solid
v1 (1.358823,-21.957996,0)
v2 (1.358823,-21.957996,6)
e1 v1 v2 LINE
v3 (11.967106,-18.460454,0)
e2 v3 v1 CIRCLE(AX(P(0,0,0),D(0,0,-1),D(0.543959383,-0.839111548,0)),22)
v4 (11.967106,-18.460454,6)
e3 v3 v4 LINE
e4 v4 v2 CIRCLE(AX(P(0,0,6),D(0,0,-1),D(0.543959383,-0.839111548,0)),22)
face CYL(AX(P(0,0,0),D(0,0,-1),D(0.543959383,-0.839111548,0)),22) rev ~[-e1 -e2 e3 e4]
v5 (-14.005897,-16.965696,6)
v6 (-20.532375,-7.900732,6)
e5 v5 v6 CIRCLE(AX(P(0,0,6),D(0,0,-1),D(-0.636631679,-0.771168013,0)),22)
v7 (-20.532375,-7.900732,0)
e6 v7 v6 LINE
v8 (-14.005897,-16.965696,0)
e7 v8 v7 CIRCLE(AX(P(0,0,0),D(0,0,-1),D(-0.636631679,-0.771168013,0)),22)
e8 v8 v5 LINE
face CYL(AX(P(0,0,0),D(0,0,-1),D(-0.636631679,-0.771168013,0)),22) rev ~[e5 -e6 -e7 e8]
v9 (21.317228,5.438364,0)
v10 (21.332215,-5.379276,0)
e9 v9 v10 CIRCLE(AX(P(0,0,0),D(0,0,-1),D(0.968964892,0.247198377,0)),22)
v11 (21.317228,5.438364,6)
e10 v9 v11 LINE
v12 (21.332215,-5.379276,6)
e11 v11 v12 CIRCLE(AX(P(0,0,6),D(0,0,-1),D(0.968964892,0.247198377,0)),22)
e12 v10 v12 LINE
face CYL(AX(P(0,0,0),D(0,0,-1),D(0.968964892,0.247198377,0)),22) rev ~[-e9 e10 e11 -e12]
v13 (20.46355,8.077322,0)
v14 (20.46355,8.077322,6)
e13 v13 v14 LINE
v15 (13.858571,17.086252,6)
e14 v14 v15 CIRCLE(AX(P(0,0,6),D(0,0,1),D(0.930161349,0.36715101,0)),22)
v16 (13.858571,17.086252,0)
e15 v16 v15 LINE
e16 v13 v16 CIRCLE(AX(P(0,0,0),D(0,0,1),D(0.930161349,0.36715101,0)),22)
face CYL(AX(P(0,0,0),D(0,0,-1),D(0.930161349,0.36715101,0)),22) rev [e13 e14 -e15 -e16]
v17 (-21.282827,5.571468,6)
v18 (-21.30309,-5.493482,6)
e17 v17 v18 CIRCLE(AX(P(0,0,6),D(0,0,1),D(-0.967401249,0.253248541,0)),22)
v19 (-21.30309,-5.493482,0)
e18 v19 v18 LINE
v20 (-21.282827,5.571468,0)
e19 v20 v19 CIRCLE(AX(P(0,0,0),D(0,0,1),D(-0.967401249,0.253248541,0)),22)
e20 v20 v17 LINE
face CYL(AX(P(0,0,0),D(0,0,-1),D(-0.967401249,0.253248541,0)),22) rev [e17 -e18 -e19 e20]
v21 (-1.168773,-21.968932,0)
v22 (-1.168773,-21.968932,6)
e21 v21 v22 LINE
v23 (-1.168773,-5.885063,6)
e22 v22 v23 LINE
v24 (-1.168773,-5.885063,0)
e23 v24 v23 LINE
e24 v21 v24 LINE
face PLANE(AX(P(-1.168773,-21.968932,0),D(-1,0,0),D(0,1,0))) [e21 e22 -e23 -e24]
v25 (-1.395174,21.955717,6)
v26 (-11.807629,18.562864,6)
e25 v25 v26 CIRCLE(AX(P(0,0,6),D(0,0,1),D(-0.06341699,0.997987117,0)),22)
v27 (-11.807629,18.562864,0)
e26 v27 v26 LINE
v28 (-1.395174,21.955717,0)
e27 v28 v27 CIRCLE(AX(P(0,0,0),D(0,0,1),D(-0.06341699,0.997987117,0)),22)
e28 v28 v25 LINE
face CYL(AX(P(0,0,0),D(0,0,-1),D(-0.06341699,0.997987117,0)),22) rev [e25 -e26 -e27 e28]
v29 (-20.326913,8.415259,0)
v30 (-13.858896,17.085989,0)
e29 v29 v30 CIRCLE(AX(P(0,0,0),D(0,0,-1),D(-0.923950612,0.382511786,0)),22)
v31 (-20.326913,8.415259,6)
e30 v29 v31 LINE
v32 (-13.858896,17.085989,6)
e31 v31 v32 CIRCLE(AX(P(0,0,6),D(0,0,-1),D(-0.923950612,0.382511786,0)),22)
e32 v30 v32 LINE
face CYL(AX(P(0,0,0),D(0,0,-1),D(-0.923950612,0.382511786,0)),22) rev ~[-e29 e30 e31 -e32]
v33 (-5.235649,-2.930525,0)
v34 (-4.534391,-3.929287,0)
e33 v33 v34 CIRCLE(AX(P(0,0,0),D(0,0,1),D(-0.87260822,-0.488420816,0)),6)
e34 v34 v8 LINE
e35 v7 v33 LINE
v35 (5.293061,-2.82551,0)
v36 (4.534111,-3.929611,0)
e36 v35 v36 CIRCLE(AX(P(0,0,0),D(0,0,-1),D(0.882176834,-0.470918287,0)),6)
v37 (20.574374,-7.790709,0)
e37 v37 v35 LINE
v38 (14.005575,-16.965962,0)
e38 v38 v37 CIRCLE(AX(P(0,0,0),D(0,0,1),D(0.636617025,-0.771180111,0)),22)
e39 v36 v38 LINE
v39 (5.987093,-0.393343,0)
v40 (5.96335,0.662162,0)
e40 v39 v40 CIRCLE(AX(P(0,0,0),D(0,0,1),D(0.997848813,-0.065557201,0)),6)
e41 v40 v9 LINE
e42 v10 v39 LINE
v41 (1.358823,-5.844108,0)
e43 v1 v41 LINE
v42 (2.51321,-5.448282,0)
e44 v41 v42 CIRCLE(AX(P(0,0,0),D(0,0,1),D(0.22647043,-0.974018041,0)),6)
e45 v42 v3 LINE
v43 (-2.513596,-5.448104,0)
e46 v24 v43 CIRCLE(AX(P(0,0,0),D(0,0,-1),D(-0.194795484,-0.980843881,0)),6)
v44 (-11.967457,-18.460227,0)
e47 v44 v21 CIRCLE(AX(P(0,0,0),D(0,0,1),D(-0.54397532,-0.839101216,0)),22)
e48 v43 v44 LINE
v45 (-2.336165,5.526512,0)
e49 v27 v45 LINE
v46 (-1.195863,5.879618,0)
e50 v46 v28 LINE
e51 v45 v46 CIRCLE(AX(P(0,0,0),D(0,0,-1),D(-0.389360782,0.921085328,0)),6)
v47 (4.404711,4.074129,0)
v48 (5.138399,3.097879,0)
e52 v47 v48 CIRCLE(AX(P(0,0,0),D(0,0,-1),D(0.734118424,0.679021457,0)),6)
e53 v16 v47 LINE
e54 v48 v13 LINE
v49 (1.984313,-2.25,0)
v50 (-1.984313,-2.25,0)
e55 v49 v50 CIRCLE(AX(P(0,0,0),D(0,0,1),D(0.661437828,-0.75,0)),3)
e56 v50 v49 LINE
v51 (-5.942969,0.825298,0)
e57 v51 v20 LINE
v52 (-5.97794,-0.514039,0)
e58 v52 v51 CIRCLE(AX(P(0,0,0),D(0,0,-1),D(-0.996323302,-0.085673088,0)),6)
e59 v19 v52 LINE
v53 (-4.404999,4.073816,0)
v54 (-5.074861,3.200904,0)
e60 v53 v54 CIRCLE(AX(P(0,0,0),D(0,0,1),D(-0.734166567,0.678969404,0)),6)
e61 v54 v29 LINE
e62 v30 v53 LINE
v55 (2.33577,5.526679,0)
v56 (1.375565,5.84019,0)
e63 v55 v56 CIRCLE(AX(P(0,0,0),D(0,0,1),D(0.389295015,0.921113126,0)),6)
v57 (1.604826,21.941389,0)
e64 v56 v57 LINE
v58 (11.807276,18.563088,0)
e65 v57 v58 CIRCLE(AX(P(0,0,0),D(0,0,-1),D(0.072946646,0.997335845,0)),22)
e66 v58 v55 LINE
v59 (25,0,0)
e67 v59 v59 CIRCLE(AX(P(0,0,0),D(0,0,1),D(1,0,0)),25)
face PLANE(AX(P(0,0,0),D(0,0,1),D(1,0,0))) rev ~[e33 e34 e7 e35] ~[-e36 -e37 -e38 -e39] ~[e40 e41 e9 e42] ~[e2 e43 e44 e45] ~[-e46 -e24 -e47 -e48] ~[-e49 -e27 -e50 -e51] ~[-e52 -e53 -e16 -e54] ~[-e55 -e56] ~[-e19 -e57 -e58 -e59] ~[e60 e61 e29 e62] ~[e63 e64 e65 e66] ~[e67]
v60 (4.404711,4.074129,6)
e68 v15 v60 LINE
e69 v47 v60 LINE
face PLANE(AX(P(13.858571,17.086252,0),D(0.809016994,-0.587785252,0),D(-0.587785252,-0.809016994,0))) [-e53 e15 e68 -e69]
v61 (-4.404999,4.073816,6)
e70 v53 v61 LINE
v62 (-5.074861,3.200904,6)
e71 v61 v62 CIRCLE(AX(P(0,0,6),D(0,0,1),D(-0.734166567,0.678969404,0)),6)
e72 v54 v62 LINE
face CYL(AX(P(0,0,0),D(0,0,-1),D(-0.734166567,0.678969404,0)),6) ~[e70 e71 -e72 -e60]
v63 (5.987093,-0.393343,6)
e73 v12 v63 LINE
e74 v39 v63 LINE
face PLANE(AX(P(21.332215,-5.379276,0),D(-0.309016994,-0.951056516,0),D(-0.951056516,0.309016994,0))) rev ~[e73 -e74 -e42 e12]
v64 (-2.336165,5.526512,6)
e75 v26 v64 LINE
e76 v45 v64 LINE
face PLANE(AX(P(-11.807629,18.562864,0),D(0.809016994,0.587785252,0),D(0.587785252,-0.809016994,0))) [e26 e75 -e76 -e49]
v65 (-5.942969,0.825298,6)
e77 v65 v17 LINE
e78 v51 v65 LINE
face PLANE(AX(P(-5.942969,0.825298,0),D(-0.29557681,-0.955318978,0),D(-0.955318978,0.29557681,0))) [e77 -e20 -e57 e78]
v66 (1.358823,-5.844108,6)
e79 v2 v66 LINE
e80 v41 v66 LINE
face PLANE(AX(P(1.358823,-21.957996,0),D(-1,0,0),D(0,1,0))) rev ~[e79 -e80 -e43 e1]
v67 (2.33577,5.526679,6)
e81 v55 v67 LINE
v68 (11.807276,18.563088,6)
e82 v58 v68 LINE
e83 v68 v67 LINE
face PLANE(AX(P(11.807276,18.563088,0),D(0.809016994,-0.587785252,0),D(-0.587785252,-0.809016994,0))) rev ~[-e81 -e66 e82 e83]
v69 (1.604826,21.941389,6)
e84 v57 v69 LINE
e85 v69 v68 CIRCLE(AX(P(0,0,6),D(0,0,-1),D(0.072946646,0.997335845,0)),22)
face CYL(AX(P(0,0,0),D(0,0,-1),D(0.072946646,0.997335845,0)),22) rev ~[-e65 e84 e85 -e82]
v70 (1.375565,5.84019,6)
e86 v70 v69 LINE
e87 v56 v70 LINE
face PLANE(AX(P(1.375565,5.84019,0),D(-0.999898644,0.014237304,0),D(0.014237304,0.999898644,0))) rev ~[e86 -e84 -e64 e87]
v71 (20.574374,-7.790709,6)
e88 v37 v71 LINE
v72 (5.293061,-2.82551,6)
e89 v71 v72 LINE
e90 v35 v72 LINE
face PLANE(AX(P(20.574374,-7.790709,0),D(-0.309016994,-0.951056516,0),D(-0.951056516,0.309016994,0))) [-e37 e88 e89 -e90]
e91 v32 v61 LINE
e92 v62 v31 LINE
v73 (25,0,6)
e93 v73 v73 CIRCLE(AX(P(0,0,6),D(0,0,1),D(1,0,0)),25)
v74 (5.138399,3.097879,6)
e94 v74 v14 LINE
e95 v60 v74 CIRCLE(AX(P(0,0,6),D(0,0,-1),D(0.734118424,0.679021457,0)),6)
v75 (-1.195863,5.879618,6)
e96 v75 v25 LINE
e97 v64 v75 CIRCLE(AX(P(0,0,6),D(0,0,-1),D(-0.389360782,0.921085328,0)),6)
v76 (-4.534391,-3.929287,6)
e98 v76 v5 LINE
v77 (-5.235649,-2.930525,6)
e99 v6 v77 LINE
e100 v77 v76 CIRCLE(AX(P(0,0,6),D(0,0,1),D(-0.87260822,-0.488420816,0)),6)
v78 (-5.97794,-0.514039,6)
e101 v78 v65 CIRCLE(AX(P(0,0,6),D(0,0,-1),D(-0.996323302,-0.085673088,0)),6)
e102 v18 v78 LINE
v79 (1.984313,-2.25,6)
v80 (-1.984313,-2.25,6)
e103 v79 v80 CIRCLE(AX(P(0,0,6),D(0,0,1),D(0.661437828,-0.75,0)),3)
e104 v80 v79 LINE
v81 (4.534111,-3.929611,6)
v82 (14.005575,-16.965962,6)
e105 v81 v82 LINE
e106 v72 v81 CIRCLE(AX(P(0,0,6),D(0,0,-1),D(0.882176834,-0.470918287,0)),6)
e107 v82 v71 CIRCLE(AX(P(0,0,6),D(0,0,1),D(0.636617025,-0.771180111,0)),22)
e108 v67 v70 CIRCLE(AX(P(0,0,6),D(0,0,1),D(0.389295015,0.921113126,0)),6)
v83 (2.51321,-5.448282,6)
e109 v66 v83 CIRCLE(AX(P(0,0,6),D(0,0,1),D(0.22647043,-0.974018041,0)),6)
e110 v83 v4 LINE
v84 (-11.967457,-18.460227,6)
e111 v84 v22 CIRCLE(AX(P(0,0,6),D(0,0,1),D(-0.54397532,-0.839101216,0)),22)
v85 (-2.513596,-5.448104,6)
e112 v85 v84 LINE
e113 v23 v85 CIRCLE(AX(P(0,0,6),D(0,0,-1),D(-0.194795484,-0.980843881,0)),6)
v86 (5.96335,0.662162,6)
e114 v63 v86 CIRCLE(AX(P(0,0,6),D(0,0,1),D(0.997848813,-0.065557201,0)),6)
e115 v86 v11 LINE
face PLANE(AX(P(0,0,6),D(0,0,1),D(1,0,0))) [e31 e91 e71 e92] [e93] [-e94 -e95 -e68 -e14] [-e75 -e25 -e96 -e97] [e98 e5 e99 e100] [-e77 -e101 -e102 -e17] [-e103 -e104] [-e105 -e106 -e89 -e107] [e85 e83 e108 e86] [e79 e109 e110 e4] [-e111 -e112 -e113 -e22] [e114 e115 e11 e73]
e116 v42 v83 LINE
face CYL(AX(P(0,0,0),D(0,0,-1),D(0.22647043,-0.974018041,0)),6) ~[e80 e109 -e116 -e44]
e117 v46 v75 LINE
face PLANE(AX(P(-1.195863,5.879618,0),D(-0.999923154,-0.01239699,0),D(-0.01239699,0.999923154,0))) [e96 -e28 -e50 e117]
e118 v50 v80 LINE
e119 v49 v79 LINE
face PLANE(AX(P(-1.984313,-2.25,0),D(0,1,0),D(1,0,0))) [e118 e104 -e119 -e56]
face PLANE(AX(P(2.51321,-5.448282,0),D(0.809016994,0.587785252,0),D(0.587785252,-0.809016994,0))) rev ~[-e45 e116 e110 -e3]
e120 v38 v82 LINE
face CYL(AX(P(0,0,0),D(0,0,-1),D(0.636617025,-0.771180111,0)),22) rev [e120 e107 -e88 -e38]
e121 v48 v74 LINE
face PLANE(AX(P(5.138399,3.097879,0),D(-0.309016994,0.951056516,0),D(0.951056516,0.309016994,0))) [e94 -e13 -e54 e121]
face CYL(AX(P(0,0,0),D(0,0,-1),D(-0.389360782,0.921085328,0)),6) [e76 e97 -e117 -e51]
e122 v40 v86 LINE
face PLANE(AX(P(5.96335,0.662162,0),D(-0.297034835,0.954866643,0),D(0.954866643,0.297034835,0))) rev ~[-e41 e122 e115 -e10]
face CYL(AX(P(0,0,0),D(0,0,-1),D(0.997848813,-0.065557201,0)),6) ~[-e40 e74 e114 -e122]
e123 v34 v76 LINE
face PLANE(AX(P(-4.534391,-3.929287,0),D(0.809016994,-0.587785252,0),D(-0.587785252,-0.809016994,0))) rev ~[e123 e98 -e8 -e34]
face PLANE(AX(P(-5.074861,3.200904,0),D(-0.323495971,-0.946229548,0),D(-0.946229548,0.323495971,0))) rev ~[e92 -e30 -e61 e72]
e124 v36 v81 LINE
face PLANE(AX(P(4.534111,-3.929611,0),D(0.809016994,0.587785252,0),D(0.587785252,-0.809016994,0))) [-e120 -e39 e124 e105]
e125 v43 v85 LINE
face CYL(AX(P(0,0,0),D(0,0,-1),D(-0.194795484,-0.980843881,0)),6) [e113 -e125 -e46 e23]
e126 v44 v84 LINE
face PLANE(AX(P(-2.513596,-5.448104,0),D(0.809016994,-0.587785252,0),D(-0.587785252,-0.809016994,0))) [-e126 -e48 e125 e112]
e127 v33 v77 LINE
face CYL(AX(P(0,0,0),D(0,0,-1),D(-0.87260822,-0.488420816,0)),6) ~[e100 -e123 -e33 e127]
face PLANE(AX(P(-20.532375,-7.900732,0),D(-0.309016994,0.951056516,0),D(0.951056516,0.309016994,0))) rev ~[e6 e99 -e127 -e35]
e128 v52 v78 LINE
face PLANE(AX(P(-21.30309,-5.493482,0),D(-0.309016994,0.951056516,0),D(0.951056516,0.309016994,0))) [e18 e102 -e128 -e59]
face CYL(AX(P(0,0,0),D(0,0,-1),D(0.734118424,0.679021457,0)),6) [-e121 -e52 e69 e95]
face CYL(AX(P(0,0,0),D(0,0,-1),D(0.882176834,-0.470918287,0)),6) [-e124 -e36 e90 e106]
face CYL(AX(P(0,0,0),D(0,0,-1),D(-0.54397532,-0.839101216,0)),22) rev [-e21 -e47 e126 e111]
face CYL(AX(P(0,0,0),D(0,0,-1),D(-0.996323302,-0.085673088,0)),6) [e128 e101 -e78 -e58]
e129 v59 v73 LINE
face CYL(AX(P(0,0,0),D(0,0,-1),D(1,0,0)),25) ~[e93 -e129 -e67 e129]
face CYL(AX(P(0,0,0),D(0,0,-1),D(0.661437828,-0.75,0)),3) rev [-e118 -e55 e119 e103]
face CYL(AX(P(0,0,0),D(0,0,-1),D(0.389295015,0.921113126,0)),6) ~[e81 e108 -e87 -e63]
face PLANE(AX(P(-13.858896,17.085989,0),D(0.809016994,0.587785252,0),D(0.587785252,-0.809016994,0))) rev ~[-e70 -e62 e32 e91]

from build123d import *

# Parameters (mm, degrees)
SKETCH1_R           = 25
BOSS_EXTRUDE2_DEPTH = 6


with BuildPart() as part:
    # Sketch1 → Boss-Extrude2 (new body)
    with BuildSketch(Plane.XY):
        Circle(SKETCH1_R)
        with BuildLine():
            Line((-4.534391195, -3.929287021), (-14.005896945, -16.965696295))
            ThreePointArc((-14.005896945, -16.965696295), (-17.85403181, -12.854320212), (-20.532375114, -7.900732383))
            Line((-20.532375114, -7.900732383), (-5.235649328, -2.930524888))
            ThreePointArc((-5.235649328, -2.930524888), (-4.91047904, -3.447781257), (-4.534391195, -3.929287021))
        make_face(mode=Mode.SUBTRACT)
        with BuildLine():
            Line((-2.513596268, -5.448103688), (-11.967457053, -18.460226751))
            ThreePointArc((-11.967457053, -18.460226751), (-6.798373876, -20.923243358), (-1.168772903, -21.968931924))
            Line((-1.168772903, -21.968931924), (-1.168772903, -5.885063288))
            ThreePointArc((-1.168772903, -5.885063288), (-1.854101966, -5.706339098), (-2.513596268, -5.448103688))
        make_face(mode=Mode.SUBTRACT)
        with BuildLine():
            Line((-1.984313483, -2.25), (1.984313483, -2.25))
            ThreePointArc((1.984313483, -2.25), (0, 3), (-1.984313483, -2.25))
        make_face(mode=Mode.SUBTRACT)
        with BuildLine():
            Line((2.513209972, -5.448281898), (11.967106425, -18.460454052))
            ThreePointArc((11.967106425, -18.460454052), (6.888635303, -20.893700095), (1.358822573, -21.957996293))
            Line((1.358822573, -21.957996293), (1.358822573, -5.844108248))
            ThreePointArc((1.358822573, -5.844108248), (1.946106018, -5.675620791), (2.513209972, -5.448281898))
        make_face(mode=Mode.SUBTRACT)
        with BuildLine():
            Line((-21.303090338, -5.493481779), (-5.977939812, -0.514038525))
            ThreePointArc((-5.977939812, -0.514038525), (-5.997955792, 0.156608815), (-5.942969251, 0.825297812))
            Line((-5.942969251, 0.825297812), (-21.282827475, 5.571467909))
            ThreePointArc((-21.282827475, 5.571467909), (-21.999963111, 0.040287778), (-21.303090338, -5.493481779))
        make_face(mode=Mode.SUBTRACT)
        with BuildLine():
            Line((4.534110635, -3.929610763), (14.005574543, -16.965962446))
            ThreePointArc((14.005574543, -16.965962446), (17.888250951, -12.806657562), (20.574373634, -7.790709183))
            Line((20.574373634, -7.790709183), (5.293061004, -2.825509725))
            ThreePointArc((5.293061004, -2.825509725), (4.944500519, -3.398810765), (4.534110635, -3.929610763))
        make_face(mode=Mode.SUBTRACT)
        with BuildLine():
            Line((-11.80762859, 18.562863655), (-2.336164682, 5.526511972))
            ThreePointArc((-2.336164682, 5.526511972), (-1.774817269, 5.731494017), (-1.195863246, 5.879618278))
            Line((-1.195863246, 5.879618278), (-1.395173787, 21.95571657))
            ThreePointArc((-1.395173787, 21.95571657), (-6.815890285, 20.917543824), (-11.80762859, 18.562863655))
        make_face(mode=Mode.SUBTRACT)
        with BuildLine():
            Line((-13.858895862, 17.085988572), (-4.404999409, 4.073816417))
            ThreePointArc((-4.404999409, 4.073816417), (-4.759982517, 3.652747793), (-5.074861212, 3.200903573))
            Line((-5.074861212, 3.200903573), (-20.326913466, 8.415259293))
            ThreePointArc((-20.326913466, 8.415259293), (-17.634136679, 13.154361391), (-13.858895862, 17.085988572))
        make_face(mode=Mode.SUBTRACT)
        with BuildLine():
            Line((13.858571335, 17.0862518), (4.40471055, 4.074128737))
            ThreePointArc((4.40471055, 4.074128737), (4.796457199, 3.604718899), (5.138399164, 3.097878958))
            Line((5.138399164, 3.097878958), (20.46354969, 8.077322211))
            ThreePointArc((20.46354969, 8.077322211), (17.742384309, 13.007989815), (13.858571335, 17.0862518))
        make_face(mode=Mode.SUBTRACT)
        with BuildLine():
            Line((11.807275837, 18.563088032), (2.335770087, 5.526678758))
            ThreePointArc((2.335770087, 5.526678758), (1.862276825, 5.703676448), (1.375565326, 5.840190068))
            Line((1.375565326, 5.840190068), (1.604826213, 21.94138858))
            ThreePointArc((1.604826213, 21.94138858), (6.915515093, 20.884818673), (11.807275837, 18.563088032))
        make_face(mode=Mode.SUBTRACT)
        with BuildLine():
            Line((21.332214938, -5.379275588), (5.987092878, -0.39334319))
            ThreePointArc((5.987092878, -0.39334319), (5.998482577, 0.134932498), (5.963349889, 0.662161691))
            Line((5.963349889, 0.662161691), (21.31722763, 5.438364293))
            ThreePointArc((21.31722763, 5.438364293), (21.999978886, 0.030479888), (21.332214938, -5.379275588))
        make_face(mode=Mode.SUBTRACT)
    extrude(amount=BOSS_EXTRUDE2_DEPTH)


solid = part.part
